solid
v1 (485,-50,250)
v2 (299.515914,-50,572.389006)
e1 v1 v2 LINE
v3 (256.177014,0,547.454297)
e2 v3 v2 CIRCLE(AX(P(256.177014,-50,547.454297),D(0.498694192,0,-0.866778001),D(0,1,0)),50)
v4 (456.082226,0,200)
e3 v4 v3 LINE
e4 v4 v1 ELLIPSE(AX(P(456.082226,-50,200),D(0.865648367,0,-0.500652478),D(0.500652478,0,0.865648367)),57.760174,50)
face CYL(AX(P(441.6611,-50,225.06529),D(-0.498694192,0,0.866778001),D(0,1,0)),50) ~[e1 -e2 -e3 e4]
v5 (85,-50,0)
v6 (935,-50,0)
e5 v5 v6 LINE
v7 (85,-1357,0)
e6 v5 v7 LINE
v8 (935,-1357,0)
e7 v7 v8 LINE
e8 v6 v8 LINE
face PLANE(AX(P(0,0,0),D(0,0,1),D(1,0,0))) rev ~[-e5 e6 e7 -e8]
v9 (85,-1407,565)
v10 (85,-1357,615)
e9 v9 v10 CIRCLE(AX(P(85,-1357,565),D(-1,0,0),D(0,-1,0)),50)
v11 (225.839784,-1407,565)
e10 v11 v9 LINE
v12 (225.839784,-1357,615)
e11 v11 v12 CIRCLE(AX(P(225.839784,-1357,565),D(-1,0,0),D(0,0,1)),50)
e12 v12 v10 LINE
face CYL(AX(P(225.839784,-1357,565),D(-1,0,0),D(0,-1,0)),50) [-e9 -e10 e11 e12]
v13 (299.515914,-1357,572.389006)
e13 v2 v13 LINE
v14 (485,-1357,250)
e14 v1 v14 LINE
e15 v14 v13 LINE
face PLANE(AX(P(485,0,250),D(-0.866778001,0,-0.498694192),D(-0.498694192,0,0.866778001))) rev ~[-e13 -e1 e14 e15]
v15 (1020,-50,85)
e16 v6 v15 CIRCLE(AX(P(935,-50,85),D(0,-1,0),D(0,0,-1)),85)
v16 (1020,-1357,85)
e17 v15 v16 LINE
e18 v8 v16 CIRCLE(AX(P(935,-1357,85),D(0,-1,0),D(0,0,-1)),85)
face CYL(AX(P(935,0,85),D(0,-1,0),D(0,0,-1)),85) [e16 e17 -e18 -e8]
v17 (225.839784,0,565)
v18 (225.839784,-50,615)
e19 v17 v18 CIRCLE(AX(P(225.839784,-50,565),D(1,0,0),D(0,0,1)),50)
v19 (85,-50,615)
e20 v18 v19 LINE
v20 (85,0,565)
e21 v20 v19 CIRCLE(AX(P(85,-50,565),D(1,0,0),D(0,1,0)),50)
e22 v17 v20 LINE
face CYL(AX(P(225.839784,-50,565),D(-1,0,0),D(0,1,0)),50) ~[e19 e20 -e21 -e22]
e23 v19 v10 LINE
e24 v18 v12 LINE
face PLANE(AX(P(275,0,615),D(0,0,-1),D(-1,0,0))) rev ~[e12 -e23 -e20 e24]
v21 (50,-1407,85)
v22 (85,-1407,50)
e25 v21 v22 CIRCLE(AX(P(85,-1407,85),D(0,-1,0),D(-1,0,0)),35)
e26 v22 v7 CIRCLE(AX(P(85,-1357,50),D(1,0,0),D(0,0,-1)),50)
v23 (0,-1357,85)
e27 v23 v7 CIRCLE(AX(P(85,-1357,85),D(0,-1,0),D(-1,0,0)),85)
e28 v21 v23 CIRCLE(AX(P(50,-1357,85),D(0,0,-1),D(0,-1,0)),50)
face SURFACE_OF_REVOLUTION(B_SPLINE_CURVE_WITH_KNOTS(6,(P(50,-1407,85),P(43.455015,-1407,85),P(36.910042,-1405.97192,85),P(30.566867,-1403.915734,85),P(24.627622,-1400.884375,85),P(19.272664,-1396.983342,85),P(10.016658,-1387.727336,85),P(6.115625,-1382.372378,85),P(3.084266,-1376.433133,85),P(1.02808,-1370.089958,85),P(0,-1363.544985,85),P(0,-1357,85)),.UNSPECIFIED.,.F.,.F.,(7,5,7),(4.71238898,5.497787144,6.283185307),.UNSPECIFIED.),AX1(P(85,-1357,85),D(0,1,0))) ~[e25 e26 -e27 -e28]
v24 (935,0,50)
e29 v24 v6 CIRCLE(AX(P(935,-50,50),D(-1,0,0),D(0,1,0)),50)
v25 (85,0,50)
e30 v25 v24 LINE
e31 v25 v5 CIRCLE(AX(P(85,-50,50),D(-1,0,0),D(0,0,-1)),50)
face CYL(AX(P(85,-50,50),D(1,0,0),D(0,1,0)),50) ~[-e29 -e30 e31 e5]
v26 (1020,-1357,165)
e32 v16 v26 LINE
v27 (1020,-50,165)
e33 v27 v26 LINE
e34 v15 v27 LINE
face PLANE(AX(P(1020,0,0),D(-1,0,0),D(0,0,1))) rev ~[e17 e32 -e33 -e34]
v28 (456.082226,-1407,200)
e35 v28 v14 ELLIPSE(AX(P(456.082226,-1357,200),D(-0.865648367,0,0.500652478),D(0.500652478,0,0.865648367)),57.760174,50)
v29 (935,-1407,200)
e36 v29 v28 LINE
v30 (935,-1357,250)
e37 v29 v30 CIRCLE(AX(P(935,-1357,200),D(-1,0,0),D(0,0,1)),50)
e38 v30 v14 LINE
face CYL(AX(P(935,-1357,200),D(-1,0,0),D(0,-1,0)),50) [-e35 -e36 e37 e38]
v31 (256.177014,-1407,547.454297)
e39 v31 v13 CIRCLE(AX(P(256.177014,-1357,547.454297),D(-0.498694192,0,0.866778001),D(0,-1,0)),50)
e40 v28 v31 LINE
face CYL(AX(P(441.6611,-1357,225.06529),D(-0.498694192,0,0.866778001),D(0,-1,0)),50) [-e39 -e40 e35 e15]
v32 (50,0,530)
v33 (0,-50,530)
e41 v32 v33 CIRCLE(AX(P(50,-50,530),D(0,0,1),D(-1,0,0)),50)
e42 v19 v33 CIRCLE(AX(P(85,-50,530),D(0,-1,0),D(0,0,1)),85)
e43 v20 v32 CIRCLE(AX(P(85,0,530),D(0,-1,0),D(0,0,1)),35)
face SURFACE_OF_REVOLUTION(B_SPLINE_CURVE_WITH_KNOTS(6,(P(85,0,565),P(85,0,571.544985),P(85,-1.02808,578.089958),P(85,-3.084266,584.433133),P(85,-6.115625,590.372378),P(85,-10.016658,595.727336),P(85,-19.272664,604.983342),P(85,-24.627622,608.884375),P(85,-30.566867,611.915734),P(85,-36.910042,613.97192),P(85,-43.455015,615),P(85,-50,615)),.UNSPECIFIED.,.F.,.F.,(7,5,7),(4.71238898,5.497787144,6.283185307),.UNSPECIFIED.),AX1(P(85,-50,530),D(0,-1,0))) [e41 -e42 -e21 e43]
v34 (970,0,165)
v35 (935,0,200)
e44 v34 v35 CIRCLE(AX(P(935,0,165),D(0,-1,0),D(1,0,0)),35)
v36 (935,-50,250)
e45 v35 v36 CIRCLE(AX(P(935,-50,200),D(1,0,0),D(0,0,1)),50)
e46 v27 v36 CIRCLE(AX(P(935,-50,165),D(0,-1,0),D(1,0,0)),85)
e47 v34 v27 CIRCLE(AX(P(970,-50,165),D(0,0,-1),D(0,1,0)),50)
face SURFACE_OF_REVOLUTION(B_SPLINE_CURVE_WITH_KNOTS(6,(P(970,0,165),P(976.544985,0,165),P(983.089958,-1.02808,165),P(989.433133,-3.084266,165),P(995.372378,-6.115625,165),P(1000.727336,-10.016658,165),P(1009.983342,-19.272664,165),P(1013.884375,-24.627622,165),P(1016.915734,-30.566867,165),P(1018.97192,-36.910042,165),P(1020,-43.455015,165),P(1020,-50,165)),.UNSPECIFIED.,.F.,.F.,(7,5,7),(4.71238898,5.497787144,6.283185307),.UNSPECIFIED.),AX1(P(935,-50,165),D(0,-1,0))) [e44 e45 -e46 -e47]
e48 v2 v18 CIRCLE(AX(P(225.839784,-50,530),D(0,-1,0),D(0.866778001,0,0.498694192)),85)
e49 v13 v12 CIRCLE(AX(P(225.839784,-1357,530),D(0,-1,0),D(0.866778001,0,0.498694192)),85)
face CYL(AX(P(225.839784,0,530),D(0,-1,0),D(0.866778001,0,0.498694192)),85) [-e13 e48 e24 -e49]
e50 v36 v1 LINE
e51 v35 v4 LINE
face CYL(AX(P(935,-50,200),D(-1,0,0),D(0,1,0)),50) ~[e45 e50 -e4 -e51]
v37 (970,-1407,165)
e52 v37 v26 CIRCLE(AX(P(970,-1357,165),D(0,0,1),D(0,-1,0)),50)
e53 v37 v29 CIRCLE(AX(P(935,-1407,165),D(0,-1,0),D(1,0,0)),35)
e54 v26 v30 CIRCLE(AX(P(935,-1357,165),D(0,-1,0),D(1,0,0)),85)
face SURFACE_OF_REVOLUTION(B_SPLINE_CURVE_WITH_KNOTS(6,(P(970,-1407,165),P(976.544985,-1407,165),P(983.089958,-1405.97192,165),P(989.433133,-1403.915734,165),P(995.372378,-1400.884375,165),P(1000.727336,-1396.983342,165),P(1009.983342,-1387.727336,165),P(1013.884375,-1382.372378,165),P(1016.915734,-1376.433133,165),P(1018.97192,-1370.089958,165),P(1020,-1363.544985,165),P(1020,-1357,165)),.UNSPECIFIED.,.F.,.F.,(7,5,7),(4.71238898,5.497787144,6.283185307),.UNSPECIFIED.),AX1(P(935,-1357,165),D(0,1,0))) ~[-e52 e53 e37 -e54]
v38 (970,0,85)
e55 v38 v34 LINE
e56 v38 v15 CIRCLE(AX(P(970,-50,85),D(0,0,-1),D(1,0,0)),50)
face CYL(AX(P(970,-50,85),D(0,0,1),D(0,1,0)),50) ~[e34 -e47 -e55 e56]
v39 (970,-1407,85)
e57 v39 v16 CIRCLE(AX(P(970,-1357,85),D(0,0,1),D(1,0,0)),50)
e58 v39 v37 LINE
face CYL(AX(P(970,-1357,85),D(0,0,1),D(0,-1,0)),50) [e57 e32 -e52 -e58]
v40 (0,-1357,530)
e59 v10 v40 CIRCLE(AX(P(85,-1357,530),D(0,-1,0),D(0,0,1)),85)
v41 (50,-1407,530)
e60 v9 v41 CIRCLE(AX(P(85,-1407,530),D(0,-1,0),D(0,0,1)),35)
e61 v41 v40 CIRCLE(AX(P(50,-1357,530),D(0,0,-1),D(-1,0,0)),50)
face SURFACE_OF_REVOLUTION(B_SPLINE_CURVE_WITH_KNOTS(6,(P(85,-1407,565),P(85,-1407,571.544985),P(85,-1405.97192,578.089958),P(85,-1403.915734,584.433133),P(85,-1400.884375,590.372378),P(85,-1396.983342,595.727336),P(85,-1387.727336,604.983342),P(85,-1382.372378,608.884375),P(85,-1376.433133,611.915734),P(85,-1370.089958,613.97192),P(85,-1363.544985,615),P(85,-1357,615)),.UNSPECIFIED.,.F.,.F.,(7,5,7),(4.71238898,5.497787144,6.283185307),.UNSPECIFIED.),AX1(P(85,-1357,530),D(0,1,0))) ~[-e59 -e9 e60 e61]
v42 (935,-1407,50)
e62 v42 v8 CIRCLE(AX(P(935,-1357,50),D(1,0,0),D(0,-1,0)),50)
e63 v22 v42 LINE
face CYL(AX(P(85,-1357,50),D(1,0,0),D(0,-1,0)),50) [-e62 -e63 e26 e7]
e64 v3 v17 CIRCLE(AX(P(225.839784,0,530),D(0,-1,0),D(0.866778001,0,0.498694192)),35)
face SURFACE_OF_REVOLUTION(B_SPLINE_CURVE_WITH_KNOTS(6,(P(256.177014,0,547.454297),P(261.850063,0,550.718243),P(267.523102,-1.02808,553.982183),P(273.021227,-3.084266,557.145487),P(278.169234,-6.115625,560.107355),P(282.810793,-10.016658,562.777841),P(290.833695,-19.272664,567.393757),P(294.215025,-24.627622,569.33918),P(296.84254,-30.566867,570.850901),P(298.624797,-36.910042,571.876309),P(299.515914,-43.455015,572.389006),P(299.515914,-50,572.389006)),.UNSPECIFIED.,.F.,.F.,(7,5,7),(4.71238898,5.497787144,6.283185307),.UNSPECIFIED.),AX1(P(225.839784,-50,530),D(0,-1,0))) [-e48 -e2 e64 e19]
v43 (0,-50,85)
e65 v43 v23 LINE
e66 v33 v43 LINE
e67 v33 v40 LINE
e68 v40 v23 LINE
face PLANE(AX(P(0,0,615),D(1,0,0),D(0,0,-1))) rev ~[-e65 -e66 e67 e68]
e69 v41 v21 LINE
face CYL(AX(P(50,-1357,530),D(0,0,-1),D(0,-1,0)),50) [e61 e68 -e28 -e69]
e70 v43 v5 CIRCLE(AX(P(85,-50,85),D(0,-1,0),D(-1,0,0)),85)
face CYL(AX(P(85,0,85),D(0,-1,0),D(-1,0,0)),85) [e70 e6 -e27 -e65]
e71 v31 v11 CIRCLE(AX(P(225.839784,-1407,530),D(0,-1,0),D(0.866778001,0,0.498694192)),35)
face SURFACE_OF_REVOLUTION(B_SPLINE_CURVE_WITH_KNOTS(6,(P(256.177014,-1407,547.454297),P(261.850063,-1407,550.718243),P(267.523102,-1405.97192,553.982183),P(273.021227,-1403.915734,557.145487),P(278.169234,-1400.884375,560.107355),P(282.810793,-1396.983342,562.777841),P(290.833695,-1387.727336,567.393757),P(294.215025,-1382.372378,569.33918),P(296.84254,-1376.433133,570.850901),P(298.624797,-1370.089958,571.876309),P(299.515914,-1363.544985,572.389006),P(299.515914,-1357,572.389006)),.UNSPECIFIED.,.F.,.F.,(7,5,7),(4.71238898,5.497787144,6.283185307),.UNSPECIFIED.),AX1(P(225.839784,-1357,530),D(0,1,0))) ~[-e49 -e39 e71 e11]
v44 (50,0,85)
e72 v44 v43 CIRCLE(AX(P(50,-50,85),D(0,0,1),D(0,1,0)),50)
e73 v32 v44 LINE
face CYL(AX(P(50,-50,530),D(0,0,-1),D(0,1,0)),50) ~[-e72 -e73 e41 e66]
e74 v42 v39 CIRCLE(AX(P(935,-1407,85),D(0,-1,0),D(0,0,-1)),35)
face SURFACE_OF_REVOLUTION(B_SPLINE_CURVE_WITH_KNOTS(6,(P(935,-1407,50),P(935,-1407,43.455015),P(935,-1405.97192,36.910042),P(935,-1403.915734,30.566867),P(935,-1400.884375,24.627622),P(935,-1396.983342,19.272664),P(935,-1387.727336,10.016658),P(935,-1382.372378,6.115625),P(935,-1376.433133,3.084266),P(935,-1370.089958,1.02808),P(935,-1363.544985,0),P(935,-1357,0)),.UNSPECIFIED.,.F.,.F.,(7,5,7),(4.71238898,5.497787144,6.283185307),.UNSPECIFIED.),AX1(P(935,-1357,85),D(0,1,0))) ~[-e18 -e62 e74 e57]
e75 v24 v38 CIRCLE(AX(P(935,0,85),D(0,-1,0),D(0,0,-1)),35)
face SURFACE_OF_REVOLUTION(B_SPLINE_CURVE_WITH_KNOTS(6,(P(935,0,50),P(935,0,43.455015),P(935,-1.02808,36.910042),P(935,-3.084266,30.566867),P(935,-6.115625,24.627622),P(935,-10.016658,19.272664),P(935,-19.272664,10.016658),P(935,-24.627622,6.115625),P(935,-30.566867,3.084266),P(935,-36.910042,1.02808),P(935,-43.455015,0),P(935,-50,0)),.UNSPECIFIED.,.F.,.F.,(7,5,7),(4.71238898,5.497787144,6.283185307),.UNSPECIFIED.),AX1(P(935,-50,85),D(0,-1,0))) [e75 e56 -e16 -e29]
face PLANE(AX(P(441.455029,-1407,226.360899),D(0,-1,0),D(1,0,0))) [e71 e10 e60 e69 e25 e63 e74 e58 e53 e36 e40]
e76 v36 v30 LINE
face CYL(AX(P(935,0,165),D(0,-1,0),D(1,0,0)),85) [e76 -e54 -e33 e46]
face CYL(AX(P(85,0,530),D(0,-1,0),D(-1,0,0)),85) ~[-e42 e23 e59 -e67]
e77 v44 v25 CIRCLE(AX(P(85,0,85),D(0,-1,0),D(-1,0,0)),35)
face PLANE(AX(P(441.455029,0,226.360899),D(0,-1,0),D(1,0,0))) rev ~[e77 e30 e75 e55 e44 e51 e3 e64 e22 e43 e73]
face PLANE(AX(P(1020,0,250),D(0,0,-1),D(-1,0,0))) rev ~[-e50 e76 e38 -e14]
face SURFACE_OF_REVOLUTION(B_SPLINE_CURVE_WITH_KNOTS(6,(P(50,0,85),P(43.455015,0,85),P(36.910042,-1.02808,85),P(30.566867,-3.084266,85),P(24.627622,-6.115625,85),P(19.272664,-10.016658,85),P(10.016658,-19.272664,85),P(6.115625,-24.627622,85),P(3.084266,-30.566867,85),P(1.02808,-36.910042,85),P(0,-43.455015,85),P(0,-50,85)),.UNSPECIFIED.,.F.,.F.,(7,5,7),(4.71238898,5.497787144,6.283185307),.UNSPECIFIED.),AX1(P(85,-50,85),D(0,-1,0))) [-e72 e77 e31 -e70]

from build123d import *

# Parameters (mm, degrees)
F1_DEPTH = 1407
F2_R     = 85
F3_R     = 50


with BuildPart() as f1:
    # F0 (on Front) → F1 (new body)
    with BuildSketch(Plane.XZ):
        Polygon((0, 615), (0, 0), (1020, 0), (1020, 250), (485, 250), (275, 615), align=None)
    extrude(amount=F1_DEPTH)

    # F2
    f2_edges = [f1.edges().sort_by_distance(p)[0] for p in [
        (275, -703.5, 615),
        (1020, -703.5, 250),
        (1020, -703.5, 0),
        (0, -703.5, 0),
        (0, -703.5, 615),
    ]]
    fillet(f2_edges, radius=F2_R)

    # F3
    f3_edges = [f1.edges().sort_by_distance(p)[0] for p in [
        (392.257957, 0, 411.194503),
        (155.419892, 0, 615),
        (268.395245, 0, 603.580111),
        (710, 0, 250),
        (995.104076, 0, 225.104076),
        (1020, 0, 125),
        (995.104076, 0, 24.895924),
        (24.895924, 0, 590.104076),
        (0, 0, 307.5),
        (24.895924, 0, 24.895924),
        (510, 0, 0),
        (710, -1407, 250),
        (392.257957, -1407, 411.194503),
        (268.395245, -1407, 603.580111),
        (155.419892, -1407, 615),
        (24.895924, -1407, 590.104076),
        (0, -1407, 307.5),
        (24.895924, -1407, 24.895924),
        (510, -1407, 0),
        (995.104076, -1407, 24.895924),
        (1020, -1407, 125),
        (995.104076, -1407, 225.104076),
    ]]
    fillet(f3_edges, radius=F3_R)


solid = f1.part
